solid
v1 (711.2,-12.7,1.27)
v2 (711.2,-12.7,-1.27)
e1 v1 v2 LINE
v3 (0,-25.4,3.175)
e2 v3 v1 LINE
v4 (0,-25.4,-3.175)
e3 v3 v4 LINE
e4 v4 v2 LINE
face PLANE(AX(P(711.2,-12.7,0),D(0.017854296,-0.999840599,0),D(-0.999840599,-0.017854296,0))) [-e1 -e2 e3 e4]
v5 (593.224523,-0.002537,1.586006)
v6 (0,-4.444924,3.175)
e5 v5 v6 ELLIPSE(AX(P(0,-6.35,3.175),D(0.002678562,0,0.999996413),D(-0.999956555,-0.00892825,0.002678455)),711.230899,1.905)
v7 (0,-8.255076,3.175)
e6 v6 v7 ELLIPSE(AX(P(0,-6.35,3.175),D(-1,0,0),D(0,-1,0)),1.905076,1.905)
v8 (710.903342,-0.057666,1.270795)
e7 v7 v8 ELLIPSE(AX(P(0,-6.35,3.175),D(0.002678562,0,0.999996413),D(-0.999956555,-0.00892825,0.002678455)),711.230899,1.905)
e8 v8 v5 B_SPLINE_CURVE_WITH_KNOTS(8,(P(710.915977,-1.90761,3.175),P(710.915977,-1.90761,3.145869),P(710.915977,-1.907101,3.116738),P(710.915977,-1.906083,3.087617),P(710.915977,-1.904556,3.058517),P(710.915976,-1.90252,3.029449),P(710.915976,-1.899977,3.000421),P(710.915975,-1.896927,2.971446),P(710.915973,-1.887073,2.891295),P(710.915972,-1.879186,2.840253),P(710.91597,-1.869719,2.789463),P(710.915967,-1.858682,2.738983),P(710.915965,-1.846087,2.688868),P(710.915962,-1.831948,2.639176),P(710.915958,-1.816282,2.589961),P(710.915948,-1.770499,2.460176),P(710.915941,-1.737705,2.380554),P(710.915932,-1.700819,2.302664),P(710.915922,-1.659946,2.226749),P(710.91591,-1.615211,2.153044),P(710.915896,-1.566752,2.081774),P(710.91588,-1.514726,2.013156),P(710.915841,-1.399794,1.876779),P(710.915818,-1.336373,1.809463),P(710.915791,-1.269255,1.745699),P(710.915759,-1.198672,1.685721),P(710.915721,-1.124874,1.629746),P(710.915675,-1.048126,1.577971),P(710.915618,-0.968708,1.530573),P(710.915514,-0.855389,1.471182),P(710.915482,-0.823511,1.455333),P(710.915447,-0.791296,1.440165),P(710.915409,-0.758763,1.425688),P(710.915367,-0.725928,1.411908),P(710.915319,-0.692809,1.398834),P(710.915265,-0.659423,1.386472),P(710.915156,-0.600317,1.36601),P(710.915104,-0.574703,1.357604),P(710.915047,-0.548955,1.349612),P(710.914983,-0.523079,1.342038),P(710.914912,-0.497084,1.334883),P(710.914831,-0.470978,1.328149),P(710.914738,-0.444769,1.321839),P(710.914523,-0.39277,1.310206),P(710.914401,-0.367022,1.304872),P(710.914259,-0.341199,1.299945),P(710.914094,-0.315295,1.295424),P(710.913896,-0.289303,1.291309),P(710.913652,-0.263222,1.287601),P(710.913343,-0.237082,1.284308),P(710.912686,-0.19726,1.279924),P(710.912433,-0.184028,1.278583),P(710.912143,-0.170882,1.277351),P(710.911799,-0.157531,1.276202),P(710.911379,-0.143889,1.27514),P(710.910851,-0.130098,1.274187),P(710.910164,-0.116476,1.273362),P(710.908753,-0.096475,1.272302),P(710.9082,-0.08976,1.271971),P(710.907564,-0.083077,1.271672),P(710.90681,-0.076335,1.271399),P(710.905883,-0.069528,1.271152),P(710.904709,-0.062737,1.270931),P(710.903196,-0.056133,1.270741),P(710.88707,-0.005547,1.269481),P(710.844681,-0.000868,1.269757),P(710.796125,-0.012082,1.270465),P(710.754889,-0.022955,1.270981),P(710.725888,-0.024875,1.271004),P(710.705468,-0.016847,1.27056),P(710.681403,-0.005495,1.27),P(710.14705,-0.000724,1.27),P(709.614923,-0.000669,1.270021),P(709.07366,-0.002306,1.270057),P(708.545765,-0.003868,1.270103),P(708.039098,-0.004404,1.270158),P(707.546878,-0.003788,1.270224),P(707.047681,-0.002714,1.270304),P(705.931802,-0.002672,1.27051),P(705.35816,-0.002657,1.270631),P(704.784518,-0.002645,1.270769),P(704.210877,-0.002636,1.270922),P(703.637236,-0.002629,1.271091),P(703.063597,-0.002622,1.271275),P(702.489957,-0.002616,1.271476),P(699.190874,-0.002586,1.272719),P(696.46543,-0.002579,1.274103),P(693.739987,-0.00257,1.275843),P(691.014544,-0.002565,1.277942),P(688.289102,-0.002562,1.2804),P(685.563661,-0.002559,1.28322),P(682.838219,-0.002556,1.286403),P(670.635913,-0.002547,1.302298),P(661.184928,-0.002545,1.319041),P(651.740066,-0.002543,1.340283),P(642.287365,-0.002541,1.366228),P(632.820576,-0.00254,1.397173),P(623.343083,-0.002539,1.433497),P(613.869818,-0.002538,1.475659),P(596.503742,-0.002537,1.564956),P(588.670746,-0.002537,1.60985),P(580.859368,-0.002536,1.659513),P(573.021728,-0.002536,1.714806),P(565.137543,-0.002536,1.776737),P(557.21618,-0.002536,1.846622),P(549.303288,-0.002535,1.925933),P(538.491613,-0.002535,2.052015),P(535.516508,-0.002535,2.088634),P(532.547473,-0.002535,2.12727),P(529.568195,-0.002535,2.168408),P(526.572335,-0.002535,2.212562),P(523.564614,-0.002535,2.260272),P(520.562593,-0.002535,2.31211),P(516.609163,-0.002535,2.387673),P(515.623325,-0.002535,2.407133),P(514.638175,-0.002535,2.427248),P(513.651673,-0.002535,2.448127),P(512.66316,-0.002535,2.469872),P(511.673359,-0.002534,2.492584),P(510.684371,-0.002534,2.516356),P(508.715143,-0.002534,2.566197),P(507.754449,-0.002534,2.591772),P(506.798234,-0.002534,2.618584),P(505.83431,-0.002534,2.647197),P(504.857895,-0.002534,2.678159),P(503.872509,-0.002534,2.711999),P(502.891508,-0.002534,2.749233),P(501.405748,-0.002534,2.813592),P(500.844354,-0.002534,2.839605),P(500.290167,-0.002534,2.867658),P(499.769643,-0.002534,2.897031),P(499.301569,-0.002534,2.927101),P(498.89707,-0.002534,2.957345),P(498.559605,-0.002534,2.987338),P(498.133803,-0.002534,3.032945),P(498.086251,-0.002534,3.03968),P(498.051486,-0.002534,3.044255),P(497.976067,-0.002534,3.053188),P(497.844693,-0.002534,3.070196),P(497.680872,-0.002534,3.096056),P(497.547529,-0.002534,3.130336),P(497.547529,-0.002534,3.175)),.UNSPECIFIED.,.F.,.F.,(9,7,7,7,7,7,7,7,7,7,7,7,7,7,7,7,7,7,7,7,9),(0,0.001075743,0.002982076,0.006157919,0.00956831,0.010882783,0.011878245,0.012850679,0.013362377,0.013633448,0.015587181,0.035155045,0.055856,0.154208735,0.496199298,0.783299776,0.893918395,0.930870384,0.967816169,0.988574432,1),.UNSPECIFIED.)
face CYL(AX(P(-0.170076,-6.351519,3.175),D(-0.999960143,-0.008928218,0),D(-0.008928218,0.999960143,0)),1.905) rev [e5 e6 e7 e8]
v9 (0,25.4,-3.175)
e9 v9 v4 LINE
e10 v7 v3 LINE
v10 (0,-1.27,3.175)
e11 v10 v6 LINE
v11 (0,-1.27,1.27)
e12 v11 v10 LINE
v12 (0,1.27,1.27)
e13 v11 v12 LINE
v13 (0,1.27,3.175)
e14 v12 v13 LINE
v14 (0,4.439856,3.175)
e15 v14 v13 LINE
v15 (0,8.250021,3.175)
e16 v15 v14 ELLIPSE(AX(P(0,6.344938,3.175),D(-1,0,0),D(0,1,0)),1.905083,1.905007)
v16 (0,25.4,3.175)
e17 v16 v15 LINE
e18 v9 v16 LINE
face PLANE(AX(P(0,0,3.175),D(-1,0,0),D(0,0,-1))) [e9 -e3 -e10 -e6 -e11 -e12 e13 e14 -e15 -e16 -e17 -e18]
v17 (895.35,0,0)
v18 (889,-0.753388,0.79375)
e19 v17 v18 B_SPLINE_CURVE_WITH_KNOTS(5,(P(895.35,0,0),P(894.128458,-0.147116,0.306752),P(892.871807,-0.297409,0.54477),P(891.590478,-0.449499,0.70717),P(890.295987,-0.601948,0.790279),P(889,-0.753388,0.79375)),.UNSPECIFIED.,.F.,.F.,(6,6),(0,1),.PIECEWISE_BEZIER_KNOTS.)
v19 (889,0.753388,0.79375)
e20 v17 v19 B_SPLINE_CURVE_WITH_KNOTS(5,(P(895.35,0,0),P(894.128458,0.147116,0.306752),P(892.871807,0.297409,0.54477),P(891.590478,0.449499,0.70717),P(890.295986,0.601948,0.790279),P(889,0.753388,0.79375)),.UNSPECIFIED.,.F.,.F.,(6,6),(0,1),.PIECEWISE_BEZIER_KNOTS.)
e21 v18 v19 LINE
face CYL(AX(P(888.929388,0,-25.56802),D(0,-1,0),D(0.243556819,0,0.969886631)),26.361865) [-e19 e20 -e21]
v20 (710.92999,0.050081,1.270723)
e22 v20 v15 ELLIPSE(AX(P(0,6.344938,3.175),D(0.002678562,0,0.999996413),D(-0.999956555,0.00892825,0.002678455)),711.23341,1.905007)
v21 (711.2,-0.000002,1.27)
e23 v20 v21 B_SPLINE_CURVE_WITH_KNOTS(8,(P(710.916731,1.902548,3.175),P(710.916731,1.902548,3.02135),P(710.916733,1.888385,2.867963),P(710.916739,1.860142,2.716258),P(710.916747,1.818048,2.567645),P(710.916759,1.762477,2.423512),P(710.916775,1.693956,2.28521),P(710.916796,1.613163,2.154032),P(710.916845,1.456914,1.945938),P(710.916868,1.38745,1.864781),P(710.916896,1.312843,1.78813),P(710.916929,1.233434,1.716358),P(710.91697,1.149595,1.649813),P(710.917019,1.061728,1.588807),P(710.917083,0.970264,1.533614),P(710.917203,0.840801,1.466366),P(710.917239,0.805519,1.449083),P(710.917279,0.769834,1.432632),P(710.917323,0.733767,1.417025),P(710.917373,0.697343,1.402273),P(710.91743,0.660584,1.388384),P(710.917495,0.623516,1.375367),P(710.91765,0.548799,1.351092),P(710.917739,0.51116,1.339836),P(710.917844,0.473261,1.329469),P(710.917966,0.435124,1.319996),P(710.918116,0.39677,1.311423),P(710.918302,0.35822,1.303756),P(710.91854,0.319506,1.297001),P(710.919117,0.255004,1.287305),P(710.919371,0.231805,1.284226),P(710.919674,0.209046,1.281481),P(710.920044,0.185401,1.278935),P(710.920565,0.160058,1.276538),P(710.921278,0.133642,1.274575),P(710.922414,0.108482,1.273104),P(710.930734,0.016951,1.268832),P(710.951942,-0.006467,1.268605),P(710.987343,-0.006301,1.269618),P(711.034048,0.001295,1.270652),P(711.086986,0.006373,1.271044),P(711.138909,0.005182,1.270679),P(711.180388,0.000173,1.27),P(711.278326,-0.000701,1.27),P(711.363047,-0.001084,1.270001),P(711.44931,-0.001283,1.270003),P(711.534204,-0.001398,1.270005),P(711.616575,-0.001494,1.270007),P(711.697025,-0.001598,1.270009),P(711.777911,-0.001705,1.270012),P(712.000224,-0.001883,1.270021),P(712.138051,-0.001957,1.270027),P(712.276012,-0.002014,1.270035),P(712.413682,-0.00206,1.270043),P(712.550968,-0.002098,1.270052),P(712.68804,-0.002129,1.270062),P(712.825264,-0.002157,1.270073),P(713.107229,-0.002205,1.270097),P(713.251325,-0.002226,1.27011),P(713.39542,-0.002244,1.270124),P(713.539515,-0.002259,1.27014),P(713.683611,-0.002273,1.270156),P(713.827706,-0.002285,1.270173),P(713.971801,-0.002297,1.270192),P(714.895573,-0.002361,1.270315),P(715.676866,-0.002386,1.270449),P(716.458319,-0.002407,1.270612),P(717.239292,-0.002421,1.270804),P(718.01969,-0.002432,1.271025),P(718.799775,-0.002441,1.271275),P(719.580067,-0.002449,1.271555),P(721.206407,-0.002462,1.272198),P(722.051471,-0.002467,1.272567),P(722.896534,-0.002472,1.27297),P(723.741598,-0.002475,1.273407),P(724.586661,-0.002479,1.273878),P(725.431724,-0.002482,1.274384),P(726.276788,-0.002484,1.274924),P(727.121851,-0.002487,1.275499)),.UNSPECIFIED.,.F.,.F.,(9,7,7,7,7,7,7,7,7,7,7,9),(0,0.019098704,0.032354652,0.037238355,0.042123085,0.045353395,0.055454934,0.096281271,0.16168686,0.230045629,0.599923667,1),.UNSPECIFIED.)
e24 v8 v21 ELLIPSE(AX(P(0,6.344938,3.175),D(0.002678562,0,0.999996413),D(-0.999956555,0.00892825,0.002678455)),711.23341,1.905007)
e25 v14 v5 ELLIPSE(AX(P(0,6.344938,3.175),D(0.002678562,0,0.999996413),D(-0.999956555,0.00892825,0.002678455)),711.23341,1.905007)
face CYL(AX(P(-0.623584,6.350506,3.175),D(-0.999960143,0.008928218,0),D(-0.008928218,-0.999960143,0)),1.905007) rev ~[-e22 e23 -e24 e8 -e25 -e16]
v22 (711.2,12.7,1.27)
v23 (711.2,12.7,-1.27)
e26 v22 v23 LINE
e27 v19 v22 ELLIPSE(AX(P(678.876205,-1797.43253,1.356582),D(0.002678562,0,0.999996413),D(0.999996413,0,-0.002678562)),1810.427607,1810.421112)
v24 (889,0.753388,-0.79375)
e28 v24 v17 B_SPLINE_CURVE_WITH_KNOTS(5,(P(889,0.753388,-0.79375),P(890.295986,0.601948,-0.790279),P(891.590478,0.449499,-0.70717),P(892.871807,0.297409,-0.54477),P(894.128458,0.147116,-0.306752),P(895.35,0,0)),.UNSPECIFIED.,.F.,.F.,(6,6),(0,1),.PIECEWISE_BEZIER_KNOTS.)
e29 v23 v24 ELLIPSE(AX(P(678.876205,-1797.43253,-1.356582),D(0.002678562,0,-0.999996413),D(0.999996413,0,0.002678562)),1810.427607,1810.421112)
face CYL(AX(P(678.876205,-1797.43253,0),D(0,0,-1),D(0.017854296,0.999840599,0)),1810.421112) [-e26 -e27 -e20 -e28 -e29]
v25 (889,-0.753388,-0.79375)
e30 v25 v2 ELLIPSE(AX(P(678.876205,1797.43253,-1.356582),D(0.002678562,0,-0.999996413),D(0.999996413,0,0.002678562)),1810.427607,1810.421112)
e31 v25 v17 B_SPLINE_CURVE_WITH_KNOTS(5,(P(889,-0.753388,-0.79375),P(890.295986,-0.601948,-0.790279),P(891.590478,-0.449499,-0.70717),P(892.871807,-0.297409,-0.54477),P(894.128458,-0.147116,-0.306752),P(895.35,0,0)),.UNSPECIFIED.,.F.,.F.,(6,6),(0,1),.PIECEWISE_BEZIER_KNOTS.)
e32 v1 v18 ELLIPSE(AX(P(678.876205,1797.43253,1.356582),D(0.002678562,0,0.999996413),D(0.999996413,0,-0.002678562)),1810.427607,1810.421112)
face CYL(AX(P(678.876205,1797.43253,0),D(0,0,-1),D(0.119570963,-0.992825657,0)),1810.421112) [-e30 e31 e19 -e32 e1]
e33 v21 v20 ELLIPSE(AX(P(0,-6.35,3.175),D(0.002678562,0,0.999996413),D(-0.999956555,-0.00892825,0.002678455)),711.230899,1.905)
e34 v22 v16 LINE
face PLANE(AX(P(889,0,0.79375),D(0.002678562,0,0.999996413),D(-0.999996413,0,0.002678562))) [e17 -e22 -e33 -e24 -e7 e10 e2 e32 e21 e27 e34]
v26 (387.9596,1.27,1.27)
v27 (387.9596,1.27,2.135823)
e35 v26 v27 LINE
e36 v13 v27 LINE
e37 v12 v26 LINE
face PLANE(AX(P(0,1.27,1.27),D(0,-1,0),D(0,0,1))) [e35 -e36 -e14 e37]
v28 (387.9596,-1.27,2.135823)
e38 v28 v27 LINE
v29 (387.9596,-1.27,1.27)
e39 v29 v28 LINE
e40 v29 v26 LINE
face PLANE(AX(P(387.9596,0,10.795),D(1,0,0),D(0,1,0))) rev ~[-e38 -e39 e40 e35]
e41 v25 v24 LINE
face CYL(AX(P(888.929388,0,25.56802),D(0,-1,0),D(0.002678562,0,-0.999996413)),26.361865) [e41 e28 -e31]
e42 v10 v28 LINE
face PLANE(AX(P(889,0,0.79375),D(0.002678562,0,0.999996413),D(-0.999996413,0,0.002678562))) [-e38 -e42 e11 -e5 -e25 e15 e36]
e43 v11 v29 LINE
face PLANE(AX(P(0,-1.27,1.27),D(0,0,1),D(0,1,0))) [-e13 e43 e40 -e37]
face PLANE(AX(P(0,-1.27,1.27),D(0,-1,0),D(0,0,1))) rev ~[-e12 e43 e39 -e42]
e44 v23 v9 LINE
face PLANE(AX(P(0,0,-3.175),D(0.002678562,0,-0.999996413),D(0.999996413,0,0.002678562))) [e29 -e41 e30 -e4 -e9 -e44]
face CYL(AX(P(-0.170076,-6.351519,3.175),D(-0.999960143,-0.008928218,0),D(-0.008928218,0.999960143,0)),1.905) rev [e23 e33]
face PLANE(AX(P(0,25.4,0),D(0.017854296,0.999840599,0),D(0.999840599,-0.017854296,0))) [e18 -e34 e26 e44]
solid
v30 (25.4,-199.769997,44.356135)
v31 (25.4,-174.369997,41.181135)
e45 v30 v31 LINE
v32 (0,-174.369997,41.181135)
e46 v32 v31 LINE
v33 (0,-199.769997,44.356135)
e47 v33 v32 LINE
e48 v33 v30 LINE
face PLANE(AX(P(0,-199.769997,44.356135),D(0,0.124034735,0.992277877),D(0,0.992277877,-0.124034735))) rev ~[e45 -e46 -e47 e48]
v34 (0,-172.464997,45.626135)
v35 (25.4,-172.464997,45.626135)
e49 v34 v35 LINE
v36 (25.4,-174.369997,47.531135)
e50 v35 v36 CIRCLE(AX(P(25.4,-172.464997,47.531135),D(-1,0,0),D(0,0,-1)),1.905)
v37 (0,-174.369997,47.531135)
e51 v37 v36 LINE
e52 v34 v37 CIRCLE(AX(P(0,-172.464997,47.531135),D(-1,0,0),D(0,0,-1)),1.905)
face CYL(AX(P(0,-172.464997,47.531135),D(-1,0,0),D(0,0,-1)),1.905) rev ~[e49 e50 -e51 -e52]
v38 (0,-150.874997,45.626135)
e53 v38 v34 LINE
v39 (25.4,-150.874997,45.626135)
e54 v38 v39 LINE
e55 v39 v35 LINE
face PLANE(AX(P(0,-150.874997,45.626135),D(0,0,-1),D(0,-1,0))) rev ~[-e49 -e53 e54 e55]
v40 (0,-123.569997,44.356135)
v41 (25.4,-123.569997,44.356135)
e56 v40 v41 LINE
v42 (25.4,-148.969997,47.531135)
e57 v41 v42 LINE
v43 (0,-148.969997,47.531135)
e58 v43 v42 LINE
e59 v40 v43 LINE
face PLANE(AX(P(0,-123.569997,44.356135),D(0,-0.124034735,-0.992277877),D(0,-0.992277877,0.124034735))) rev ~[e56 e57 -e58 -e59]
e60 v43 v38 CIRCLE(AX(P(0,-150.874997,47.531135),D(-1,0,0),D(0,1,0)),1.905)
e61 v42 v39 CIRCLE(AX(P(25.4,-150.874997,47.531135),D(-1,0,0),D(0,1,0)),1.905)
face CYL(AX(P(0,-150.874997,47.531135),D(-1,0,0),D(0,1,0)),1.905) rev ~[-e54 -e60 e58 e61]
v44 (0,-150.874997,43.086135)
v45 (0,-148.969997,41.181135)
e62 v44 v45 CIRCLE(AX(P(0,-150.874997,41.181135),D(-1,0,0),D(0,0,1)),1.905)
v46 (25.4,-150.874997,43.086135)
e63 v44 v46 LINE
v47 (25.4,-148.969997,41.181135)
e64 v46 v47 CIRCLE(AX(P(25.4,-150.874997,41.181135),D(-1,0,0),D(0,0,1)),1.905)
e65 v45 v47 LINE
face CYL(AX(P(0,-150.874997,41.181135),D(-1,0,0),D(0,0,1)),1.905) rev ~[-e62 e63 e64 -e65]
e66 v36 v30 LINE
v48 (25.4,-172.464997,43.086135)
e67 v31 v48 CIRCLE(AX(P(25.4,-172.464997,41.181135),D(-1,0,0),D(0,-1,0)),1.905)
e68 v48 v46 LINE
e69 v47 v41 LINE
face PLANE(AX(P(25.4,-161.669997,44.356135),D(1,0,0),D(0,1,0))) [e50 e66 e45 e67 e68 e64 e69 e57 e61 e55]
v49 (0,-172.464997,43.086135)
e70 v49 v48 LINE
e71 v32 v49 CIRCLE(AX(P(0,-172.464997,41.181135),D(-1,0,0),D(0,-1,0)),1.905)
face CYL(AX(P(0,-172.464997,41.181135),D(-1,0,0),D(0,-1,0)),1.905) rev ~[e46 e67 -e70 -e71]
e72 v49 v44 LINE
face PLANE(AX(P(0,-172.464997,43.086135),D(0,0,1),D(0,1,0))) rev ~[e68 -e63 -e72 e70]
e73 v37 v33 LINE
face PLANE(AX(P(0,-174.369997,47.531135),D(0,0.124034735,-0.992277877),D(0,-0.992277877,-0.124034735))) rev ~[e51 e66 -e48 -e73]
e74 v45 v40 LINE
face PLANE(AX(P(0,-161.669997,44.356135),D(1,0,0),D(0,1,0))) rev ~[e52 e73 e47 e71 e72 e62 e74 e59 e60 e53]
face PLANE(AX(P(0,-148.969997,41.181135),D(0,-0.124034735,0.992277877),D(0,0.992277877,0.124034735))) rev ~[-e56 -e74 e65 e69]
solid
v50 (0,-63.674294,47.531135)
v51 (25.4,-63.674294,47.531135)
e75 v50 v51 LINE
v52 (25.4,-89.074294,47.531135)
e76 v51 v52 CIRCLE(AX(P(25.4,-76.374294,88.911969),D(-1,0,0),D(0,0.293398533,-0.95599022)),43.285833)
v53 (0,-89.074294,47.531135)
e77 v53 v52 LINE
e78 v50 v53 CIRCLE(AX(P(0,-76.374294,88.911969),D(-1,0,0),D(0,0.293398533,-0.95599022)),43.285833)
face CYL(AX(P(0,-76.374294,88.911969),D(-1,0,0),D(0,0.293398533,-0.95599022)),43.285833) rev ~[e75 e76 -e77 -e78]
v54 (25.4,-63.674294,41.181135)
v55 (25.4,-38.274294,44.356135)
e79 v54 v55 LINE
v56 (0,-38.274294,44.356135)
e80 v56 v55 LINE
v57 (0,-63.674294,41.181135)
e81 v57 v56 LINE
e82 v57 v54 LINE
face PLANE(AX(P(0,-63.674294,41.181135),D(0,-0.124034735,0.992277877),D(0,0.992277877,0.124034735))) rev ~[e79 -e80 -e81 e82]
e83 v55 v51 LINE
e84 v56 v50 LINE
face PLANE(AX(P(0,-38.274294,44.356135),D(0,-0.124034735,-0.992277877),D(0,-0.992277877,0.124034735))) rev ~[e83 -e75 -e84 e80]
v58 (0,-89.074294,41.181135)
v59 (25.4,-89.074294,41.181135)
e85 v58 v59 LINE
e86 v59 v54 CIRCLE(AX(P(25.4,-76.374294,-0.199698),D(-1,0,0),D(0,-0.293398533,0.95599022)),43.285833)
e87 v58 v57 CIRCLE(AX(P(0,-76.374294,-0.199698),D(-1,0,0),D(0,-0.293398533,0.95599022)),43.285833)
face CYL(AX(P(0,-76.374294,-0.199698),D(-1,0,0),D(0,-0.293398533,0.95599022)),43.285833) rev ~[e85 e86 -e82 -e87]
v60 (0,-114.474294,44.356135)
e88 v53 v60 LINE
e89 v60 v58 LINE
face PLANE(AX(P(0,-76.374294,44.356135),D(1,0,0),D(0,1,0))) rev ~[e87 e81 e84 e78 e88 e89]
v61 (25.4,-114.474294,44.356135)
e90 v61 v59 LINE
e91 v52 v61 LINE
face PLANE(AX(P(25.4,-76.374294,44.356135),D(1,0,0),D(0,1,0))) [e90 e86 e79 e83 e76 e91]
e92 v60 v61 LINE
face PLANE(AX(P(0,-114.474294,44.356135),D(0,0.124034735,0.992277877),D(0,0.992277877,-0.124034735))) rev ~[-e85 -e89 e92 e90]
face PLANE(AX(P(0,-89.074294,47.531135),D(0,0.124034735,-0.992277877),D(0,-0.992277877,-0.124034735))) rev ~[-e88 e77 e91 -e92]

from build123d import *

# Parameters (mm, degrees)
F1_DEPTH      = 25.4
F1_DEPTH_BACK = 25.4
F3_DEPTH      = 25.4
F3_DEPTH_BACK = 25.4
F6_R          = 1.905
F7_DEPTH      = 762
F9_R          = 1.9050067243
F10_DEPTH     = 762
F4_W          = 2.54
F4_H          = 19.05
F11_DEPTH     = 387.9596
F13_DEPTH     = 25.4


with BuildPart() as f1:
    # F0 (on Front) → F1 (new body, two sides)
    with BuildSketch(Plane.XZ) as f1_sk:
        with BuildLine():
            Line((889, 0.79375), (0, 3.175))
            Line((0, 3.175), (0, -3.175))
            Line((0, -3.175), (889, -0.79375))
            ThreePointArc((889, -0.79375), (892.1991750001, -0.5902750005), (895.35, 0))
            ThreePointArc((895.35, 0), (892.1991750001, 0.5902750005), (889, 0.79375))
        make_face()
    extrude(amount=F1_DEPTH)
    extrude(f1_sk.sketch, amount=-F1_DEPTH_BACK)

    # F2 (on Top) → F3 (cut, two sides)
    with BuildSketch(Plane.XY) as f3_sk:
        with BuildLine():
            Line((3.1591274952, 202.3111397314), (0, 25.4))
            Line((0, 25.4), (711.2, 12.7))
            ThreePointArc((711.2, 12.7), (803.4369640592, 8.6984788578), (895.35, 0))
            ThreePointArc((895.35, 0), (803.4369640592, -8.6984788578), (711.2, -12.7))
            Line((711.2, -12.7), (0, -25.4))
            Line((0, -25.4), (0, -301.8189966679))
            Line((0, -301.8189966679), (947.6996660233, -301.8189966679))
            Line((947.6996660233, -301.8189966679), (947.6996660233, 202.3111397314))
            Line((947.6996660233, 202.3111397314), (3.1591274952, 202.3111397314))
        make_face()
    extrude(amount=-F3_DEPTH, mode=Mode.SUBTRACT)
    extrude(f3_sk.sketch, amount=F3_DEPTH_BACK, mode=Mode.SUBTRACT)

    # F6 (on face) → F7 (cut)
    with BuildSketch(Plane(origin=(-0.2267676956, -0.0020247121, 0), x_dir=(-0.0089282179, 0.9999601427, 0), z_dir=(0.9999601427, 0.0089282179, 0))):
        with Locations((-6.3497469059, 3.175)):
            Circle(F6_R)
    extrude(amount=F7_DEPTH, mode=Mode.SUBTRACT)

    # F9 (on line) → F10 (cut)
    with BuildSketch(Plane(origin=(-0.6802307815, 0.0060734907, 0), x_dir=(-0.0089282179, -0.9999601427, 0), z_dir=(-0.9999601427, 0.0089282179, 0))):
        with Locations((-6.3446853275, 3.175)):
            Circle(F9_R)
    extrude(amount=-F10_DEPTH, mode=Mode.SUBTRACT)

    # F4 (on Right) → F11 (cut)
    with BuildSketch(Plane.YZ):
        with Locations((0, 10.795)):
            Rectangle(F4_W, F4_H)
    extrude(amount=F11_DEPTH, mode=Mode.SUBTRACT)


with BuildPart() as f13:
    # F12 (on Right) → F13 (new body)
    with BuildSketch(Plane.YZ):
        with BuildLine():
            Line((-174.3699965763, 47.5311353803), (-199.7699965763, 44.3561353803))
            Line((-199.7699965763, 44.3561353803), (-174.3699965763, 41.1811353803))
            ThreePointArc((-174.3699965763, 41.1811353803), (-173.8120349945, 42.5281737984), (-172.4649965763, 43.0861353803))
            Line((-172.4649965763, 43.0861353803), (-150.8749965763, 43.0861353803))
            ThreePointArc((-150.8749965763, 43.0861353803), (-149.5279581581, 42.5281737984), (-148.9699965763, 41.1811353803))
            Line((-148.9699965763, 41.1811353803), (-123.5699965763, 44.3561353803))
            Line((-123.5699965763, 44.3561353803), (-148.9699965763, 47.5311353803))
            ThreePointArc((-148.9699965763, 47.5311353803), (-149.5279581581, 46.1840969621), (-150.8749965763, 45.6261353803))
            Line((-150.8749965763, 45.6261353803), (-172.4649965763, 45.6261353803))
            ThreePointArc((-172.4649965763, 45.6261353803), (-173.8120349945, 46.1840969621), (-174.3699965763, 47.5311353803))
        make_face()
    extrude(amount=F13_DEPTH)


with BuildPart() as f13b:
    # F12 (on Right) → F13, piece 2 (new body)
    with BuildSketch(Plane.YZ):
        with BuildLine():
            Line((-89.0742935857, 47.5311353803), (-114.4742935857, 44.3561353803))
            Line((-114.4742935857, 44.3561353803), (-89.0742935857, 41.1811353803))
            ThreePointArc((-89.0742935857, 41.1811353803), (-76.3742935857, 43.0861353803), (-63.6742935857, 41.1811353803))
            Line((-63.6742935857, 41.1811353803), (-38.2742935857, 44.3561353803))
            Line((-38.2742935857, 44.3561353803), (-63.6742935857, 47.5311353803))
            ThreePointArc((-63.6742935857, 47.5311353803), (-76.3742935857, 45.6261353803), (-89.0742935857, 47.5311353803))
        make_face()
    extrude(amount=F13_DEPTH)


solid = Compound([f1.part, f13.part, f13b.part])
